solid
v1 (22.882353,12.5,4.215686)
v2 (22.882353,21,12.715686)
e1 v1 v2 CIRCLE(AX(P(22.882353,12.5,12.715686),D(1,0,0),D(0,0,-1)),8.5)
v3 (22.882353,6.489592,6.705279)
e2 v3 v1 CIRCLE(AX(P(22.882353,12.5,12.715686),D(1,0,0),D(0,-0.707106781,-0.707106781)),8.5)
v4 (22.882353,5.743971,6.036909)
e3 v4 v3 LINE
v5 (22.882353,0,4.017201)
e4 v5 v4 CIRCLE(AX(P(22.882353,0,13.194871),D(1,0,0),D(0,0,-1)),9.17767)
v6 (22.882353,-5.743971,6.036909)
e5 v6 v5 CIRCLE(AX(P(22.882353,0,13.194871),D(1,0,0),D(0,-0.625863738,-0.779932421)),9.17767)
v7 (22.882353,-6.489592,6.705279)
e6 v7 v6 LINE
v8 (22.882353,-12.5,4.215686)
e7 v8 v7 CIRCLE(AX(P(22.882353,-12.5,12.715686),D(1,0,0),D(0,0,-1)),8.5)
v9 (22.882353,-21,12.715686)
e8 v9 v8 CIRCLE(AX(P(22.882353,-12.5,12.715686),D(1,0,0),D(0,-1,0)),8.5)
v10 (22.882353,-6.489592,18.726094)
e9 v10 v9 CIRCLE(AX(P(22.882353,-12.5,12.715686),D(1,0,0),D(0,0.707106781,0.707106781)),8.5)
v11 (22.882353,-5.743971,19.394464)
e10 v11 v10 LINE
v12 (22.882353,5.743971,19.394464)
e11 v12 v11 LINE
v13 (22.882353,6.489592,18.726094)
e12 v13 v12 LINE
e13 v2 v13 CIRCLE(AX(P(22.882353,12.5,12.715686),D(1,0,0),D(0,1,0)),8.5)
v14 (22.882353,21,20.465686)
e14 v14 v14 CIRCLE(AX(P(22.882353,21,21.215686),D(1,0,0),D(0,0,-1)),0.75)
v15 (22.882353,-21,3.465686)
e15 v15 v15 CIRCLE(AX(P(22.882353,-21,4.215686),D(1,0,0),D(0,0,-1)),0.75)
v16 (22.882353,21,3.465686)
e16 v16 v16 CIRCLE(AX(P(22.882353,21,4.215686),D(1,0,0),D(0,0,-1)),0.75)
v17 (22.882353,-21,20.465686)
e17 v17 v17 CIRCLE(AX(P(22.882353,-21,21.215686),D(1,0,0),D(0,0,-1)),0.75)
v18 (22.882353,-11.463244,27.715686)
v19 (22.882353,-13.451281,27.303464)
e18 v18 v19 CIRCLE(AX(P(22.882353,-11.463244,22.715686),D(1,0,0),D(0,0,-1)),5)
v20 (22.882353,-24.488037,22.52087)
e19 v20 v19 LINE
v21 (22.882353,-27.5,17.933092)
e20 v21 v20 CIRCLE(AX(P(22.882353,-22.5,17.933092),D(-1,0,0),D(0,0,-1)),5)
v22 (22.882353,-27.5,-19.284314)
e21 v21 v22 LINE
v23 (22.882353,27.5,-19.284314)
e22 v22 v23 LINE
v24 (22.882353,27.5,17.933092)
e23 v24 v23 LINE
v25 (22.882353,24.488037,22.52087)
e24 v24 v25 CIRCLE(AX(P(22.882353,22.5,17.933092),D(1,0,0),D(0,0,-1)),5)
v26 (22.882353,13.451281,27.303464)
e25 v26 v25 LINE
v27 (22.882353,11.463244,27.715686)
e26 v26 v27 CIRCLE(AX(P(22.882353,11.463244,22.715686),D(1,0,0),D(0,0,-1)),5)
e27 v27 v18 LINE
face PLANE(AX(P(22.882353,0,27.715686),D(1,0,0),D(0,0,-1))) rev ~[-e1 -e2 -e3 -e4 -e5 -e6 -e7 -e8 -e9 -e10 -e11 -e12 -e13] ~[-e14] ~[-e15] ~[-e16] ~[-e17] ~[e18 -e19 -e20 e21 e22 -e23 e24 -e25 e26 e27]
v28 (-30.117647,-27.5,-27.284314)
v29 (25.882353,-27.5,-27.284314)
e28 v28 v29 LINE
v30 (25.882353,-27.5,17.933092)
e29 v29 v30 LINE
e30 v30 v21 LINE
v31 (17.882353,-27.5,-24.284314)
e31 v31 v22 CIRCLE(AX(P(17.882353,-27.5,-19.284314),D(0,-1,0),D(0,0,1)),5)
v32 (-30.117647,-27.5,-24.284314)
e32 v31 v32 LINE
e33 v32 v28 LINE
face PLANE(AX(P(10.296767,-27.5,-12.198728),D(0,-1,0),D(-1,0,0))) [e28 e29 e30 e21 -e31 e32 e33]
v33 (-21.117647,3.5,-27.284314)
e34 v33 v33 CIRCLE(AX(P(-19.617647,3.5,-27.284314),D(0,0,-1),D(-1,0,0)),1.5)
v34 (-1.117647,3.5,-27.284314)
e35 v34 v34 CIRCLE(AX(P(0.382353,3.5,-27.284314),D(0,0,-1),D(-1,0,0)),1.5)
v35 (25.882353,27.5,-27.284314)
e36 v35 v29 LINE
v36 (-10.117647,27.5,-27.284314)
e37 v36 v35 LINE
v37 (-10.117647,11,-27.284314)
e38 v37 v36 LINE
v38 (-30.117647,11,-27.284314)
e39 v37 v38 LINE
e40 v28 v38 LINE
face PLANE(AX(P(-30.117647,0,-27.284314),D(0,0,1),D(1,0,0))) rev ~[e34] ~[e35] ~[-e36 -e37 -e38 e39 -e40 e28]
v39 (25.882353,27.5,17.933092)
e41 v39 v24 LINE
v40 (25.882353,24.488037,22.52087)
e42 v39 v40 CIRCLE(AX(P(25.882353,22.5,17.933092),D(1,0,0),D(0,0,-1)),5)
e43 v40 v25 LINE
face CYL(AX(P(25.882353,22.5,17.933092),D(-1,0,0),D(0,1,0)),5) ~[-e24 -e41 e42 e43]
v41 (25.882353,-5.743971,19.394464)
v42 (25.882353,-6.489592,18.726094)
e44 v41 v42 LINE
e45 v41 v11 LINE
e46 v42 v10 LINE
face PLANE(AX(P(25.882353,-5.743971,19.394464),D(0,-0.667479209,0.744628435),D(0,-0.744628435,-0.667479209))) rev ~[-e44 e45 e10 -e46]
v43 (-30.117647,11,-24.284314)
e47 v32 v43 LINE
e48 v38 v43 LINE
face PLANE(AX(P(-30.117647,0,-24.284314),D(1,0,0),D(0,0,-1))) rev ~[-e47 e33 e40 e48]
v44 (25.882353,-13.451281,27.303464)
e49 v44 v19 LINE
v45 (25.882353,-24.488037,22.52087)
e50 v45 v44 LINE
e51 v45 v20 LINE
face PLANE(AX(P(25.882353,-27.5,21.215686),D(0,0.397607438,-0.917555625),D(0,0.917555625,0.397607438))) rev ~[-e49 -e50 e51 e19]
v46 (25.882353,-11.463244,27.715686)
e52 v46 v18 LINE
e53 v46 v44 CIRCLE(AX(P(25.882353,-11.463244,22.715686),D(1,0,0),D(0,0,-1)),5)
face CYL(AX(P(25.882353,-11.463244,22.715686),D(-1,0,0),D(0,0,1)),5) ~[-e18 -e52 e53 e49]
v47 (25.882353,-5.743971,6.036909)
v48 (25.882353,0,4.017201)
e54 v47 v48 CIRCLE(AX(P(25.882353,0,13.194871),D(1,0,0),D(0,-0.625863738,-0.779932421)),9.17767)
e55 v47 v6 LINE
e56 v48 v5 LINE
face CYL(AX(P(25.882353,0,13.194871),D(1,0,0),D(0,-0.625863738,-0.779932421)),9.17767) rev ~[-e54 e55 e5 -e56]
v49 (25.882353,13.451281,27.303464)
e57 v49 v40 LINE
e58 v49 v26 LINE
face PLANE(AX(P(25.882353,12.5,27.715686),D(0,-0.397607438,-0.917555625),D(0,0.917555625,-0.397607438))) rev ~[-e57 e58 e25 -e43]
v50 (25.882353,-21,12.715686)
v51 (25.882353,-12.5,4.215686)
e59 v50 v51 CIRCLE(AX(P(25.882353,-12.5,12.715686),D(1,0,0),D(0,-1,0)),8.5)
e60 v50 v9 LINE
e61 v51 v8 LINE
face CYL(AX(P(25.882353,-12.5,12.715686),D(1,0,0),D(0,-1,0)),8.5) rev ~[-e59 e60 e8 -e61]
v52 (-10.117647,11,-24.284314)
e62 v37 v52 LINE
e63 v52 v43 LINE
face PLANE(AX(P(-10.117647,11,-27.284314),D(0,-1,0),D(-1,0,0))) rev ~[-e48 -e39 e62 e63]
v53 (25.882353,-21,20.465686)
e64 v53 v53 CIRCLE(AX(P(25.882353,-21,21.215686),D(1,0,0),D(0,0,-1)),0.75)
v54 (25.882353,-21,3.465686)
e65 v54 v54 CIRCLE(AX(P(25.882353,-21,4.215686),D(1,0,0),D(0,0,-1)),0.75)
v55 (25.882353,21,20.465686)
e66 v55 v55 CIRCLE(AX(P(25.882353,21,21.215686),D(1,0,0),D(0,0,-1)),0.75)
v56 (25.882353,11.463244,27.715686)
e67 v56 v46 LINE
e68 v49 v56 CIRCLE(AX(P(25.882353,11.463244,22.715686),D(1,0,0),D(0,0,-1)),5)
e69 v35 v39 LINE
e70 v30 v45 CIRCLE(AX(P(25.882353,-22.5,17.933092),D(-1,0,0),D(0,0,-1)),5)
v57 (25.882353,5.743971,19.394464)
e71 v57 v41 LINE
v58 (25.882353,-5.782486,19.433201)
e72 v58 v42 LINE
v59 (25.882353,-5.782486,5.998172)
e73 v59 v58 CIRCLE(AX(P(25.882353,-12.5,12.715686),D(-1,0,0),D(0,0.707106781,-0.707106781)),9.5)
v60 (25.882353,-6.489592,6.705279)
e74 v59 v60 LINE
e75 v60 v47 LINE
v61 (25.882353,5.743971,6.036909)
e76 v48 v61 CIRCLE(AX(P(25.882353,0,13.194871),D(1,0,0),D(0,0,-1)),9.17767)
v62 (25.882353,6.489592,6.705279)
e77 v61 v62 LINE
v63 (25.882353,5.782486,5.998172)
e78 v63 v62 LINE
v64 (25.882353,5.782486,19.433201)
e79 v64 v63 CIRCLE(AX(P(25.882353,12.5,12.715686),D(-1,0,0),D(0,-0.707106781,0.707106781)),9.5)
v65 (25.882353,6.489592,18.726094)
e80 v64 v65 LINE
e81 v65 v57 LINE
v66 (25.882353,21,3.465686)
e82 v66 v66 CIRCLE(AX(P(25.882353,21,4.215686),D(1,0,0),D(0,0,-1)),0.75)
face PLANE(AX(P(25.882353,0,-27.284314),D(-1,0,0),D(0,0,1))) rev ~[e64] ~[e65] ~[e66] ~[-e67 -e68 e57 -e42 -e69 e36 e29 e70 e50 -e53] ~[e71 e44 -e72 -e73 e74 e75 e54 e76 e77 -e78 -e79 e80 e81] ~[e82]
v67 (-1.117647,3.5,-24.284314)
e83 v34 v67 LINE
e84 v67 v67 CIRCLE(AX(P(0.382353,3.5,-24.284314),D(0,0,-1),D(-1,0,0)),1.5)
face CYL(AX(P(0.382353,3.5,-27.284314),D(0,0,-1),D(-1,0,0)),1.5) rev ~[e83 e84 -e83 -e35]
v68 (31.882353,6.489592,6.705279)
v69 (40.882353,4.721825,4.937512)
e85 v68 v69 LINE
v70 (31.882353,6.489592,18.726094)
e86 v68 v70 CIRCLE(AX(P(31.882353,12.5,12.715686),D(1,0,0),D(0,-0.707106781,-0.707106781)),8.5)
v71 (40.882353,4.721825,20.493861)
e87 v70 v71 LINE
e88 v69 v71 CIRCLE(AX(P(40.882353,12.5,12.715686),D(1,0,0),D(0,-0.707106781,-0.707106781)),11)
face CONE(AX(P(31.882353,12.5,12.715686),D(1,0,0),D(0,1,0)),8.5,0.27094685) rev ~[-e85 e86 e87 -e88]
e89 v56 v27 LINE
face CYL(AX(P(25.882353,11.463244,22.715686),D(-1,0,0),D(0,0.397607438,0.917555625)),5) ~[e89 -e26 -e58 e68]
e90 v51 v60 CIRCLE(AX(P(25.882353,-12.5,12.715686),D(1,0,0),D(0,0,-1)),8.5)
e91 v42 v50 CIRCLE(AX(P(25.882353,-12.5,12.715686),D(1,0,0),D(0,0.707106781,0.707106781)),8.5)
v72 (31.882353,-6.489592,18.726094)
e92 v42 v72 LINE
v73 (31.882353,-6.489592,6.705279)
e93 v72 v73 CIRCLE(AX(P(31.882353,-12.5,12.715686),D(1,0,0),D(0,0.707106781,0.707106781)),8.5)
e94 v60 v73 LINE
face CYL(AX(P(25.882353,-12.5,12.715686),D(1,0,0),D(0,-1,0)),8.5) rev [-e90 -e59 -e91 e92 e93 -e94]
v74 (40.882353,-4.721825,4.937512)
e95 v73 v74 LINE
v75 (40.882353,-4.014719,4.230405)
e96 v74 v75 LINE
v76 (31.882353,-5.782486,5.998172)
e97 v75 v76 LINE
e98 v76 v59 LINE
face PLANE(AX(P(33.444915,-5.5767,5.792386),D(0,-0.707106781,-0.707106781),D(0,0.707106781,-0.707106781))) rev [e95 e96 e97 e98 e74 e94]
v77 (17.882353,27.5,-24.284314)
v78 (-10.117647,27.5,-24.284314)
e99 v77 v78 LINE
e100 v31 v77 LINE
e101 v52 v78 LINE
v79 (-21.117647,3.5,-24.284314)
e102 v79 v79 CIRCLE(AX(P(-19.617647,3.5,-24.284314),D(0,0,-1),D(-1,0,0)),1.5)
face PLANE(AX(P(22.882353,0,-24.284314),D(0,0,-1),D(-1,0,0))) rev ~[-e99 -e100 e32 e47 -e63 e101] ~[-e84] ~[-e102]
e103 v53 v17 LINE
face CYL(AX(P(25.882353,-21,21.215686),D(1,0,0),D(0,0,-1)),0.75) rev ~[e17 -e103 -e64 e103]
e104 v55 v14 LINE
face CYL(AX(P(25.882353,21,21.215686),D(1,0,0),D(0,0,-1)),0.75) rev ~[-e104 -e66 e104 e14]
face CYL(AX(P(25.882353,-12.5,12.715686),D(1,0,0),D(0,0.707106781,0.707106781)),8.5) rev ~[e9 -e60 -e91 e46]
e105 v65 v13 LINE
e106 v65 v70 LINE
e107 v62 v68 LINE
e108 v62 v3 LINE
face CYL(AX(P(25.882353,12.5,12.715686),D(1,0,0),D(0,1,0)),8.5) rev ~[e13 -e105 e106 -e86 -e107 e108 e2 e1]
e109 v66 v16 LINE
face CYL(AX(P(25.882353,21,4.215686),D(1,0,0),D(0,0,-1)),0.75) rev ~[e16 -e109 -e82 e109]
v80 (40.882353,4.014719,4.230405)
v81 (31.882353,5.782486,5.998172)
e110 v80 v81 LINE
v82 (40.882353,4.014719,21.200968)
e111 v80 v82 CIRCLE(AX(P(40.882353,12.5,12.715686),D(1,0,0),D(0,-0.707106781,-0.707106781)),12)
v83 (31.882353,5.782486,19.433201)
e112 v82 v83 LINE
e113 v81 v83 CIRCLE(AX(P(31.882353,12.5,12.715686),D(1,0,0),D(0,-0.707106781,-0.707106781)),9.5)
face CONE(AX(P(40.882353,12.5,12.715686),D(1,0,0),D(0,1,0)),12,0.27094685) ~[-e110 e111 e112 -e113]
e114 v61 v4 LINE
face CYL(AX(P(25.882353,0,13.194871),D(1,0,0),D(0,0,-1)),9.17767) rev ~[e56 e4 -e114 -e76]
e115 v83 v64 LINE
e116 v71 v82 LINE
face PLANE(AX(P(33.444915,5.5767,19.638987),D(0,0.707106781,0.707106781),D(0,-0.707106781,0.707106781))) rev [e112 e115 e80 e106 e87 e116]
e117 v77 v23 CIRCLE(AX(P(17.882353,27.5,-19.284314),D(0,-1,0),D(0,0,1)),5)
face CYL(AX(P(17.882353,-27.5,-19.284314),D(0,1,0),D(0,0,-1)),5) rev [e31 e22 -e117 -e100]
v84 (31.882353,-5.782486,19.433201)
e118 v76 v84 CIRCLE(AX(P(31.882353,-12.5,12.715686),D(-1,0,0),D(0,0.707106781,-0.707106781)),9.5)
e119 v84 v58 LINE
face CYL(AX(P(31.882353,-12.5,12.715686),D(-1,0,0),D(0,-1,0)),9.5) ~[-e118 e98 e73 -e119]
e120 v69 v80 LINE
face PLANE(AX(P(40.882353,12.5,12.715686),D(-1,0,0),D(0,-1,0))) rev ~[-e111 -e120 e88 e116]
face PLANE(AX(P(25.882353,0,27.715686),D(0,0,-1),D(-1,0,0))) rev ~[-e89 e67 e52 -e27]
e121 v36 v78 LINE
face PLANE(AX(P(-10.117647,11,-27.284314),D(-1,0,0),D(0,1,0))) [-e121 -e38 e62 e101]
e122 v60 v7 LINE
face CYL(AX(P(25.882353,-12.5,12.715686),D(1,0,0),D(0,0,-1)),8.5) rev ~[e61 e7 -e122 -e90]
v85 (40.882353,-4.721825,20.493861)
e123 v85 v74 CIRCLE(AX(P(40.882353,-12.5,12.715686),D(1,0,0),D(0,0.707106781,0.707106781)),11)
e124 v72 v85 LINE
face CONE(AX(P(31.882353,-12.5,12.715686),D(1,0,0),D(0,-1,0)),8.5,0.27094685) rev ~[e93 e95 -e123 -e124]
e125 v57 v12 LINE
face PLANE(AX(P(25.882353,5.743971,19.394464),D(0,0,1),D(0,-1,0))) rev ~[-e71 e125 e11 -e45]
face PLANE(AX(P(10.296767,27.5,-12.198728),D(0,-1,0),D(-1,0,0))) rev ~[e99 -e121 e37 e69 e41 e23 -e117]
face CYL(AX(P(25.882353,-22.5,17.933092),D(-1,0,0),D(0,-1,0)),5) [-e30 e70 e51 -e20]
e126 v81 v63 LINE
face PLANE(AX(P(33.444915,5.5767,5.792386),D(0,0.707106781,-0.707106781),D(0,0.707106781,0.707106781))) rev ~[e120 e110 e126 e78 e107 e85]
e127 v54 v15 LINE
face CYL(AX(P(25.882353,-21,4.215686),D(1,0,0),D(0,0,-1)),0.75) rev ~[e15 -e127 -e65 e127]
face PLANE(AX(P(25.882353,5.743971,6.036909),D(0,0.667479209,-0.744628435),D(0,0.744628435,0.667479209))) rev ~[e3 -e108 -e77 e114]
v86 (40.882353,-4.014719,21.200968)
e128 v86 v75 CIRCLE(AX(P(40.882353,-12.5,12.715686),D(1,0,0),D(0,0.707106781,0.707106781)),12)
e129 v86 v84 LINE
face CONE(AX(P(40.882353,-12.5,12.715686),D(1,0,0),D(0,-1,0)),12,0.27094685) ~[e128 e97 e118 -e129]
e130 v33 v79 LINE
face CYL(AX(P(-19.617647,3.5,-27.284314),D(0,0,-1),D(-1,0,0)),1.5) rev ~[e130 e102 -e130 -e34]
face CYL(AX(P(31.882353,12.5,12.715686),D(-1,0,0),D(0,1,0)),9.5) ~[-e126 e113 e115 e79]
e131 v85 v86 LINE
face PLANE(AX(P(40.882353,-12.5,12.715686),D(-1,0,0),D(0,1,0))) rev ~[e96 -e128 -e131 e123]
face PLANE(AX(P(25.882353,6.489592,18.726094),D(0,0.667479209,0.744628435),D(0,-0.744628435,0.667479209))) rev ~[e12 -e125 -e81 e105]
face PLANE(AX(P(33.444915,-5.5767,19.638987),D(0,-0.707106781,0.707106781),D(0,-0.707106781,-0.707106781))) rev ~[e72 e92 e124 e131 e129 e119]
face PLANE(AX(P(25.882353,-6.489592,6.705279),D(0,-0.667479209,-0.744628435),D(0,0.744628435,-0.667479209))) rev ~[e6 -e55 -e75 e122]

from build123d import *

# Parameters (mm, degrees)
EXTRUDE_1_DEPTH       = 27.5
SKETCH_3_R            = 0.75
CUT_EXTRUDE_3_DEPTH   = 3
REVOLVE_1_ANGLE       = 135
MIRROR_3_COPY_1_ANGLE = 135
MIRROR_3_COPY_2_ANGLE = 135
SKETCH_2_W            = 20
SKETCH_2_H            = 16.5
SKETCH_2_R            = 1.5
CUT_EXTRUDE_4_DEPTH   = 3
FILLET_1_R            = 5
FILLET_2_R            = 5


with BuildPart() as part:
    # 草图1 → 凸台-拉伸1 (new, symmetric)
    with BuildSketch(Plane(origin=(0, 0, 0), x_dir=(1, 0, 0), z_dir=(0, 1, 0))):
        Polygon((-30.117647059, 27.284313725), (25.882352941, 27.284313725), (25.882352941, -27.715686275), (22.882352941, -27.715686275), (22.882352941, 24.284313725), (-30.117647059, 24.284313725), align=None)
    extrude(amount=EXTRUDE_1_DEPTH, both=True)

    # 草图3 → 切除-拉伸3 (cut)
    with BuildSketch(Plane(origin=(25.882352941, 0, 0), x_dir=(0, 0, -1), z_dir=(1, 0, 0))):
        with BuildLine():
            Line((-12.715686275, 12.5), (-6.705278634, 6.48959236))
            ThreePointArc((-6.705278634, 6.48959236), (-4.862710248, 9.247190825), (-4.215686275, 12.5))
            ThreePointArc((-4.215686275, 12.5), (-6.705278634, 18.51040764), (-12.715686275, 21))
            Line((-12.715686275, 21), (-12.715686275, 12.5))
        make_face()
        with BuildLine():
            ThreePointArc((-12.715686275, 4), (-9.462877099, 4.647023974), (-6.705278634, 6.48959236))
            Line((-6.705278634, 6.48959236), (-12.715686275, 12.5))
            Line((-12.715686275, 12.5), (-12.715686275, 4))
        make_face()
        with BuildLine():
            Line((-12.715686275, 12.5), (-18.726093915, 6.48959236))
            ThreePointArc((-18.726093915, 6.48959236), (-15.96849545, 4.647023974), (-12.715686275, 4))
            Line((-12.715686275, 4), (-12.715686275, 12.5))
        make_face()
        with BuildLine():
            ThreePointArc((-12.715686275, 21), (-20.568662301, 15.752809175), (-18.726093915, 6.48959236))
            Line((-18.726093915, 6.48959236), (-12.715686275, 12.5))
            Line((-12.715686275, 12.5), (-12.715686275, 21))
        make_face()
        with BuildLine():
            Line((-12.715686275, 3), (-12.715686275, 0))
            Line((-12.715686275, 0), (-4.017201465, 0))
            ThreePointArc((-4.017201465, 0), (-4.536839235, 3.044356098), (-6.036908978, 5.743970558))
            ThreePointArc((-6.036908978, 5.743970558), (-9.105442495, 3.712728532), (-12.715686275, 3))
        make_face()
        with BuildLine():
            Line((-4.017201465, 0), (-12.715686275, 0))
            Line((-12.715686275, 0), (-12.715686275, -3))
            ThreePointArc((-12.715686275, -3), (-9.105442495, -3.712728532), (-6.036908978, -5.743970558))
            ThreePointArc((-6.036908978, -5.743970558), (-4.536839235, -3.044356098), (-4.017201465, 0))
        make_face()
        with BuildLine():
            Line((-19.394463571, 5.743970558), (-19.394463571, 0))
            Line((-19.394463571, 0), (-12.715686275, 0))
            Line((-12.715686275, 0), (-12.715686275, 3))
            ThreePointArc((-12.715686275, 3), (-16.325930054, 3.712728532), (-19.394463571, 5.743970558))
        make_face()
        with BuildLine():
            Line((-12.715686275, 0), (-19.394463571, 0))
            Line((-19.394463571, 0), (-19.394463571, -5.743970558))
            ThreePointArc((-19.394463571, -5.743970558), (-16.325930054, -3.712728532), (-12.715686275, -3))
            Line((-12.715686275, -3), (-12.715686275, 0))
        make_face()
        with BuildLine():
            Line((-6.705278634, -6.48959236), (-12.715686275, -12.5))
            Line((-12.715686275, -12.5), (-12.715686275, -21))
            ThreePointArc((-12.715686275, -21), (-6.705278634, -18.51040764), (-4.215686275, -12.5))
            ThreePointArc((-4.215686275, -12.5), (-4.862710248, -9.247190825), (-6.705278634, -6.48959236))
        make_face()
        with BuildLine():
            Line((-12.715686275, -4), (-12.715686275, -12.5))
            Line((-12.715686275, -12.5), (-6.705278634, -6.48959236))
            ThreePointArc((-6.705278634, -6.48959236), (-9.462877099, -4.647023974), (-12.715686275, -4))
        make_face()
        with BuildLine():
            ThreePointArc((-12.715686275, -4), (-15.96849545, -4.647023974), (-18.726093915, -6.48959236))
            Line((-18.726093915, -6.48959236), (-12.715686275, -12.5))
            Line((-12.715686275, -12.5), (-12.715686275, -4))
        make_face()
        with BuildLine():
            Line((-12.715686275, -12.5), (-18.726093915, -6.48959236))
            ThreePointArc((-18.726093915, -6.48959236), (-20.568662301, -15.752809175), (-12.715686275, -21))
            Line((-12.715686275, -21), (-12.715686275, -12.5))
        make_face()
        with Locations((-21.215686275, -21)):
            Circle(SKETCH_3_R)
        with Locations((-4.215686275, -21)):
            Circle(SKETCH_3_R)
        with Locations((-21.215686275, 21)):
            Circle(SKETCH_3_R)
        with Locations((-4.215686275, 21)):
            Circle(SKETCH_3_R)
        with BuildLine():
            ThreePointArc((-12.715686275, -3), (-16.325930054, -3.712728532), (-19.394463571, -5.743970558))
            Line((-19.394463571, -5.743970558), (-18.726093915, -6.48959236))
            ThreePointArc((-18.726093915, -6.48959236), (-15.96849545, -4.647023974), (-12.715686275, -4))
            ThreePointArc((-12.715686275, -4), (-9.462877099, -4.647023974), (-6.705278634, -6.48959236))
            Line((-6.705278634, -6.48959236), (-6.036908978, -5.743970558))
            ThreePointArc((-6.036908978, -5.743970558), (-9.105442495, -3.712728532), (-12.715686275, -3))
        make_face()
        with BuildLine():
            Line((-18.726093915, 6.48959236), (-19.394463571, 5.743970558))
            ThreePointArc((-19.394463571, 5.743970558), (-16.325930054, 3.712728532), (-12.715686275, 3))
            ThreePointArc((-12.715686275, 3), (-9.105442495, 3.712728532), (-6.036908978, 5.743970558))
            Line((-6.036908978, 5.743970558), (-6.705278634, 6.48959236))
            ThreePointArc((-6.705278634, 6.48959236), (-9.462877099, 4.647023974), (-12.715686275, 4))
            ThreePointArc((-12.715686275, 4), (-15.96849545, 4.647023974), (-18.726093915, 6.48959236))
        make_face()
        Polygon((-21.215686275, 27.5), (-23.783279652, 27.5), (-27.715686275, 27.5), (-27.715686275, 23.567593377), (-27.715686275, 20.249825378), (-27.715686275, 12.5), align=None)
        Polygon((-21.215686275, -27.5), (-27.715686275, -12.5), (-27.715686275, -20.249825378), (-27.715686275, -23.567593377), (-27.715686275, -27.5), (-23.783279652, -27.5), align=None)
    extrude(amount=-CUT_EXTRUDE_3_DEPTH, mode=Mode.SUBTRACT)

    # 草图5 → 旋转1 (revolve)
    with BuildSketch(Plane(origin=(0, 0, 12.715686275), x_dir=(0, -1, 0), z_dir=(0, 0, 1))):
        Polygon((-22, 25.882352941), (-21, 25.882352941), (-21, 31.882352941), (-23.5, 40.882352941), (-24.5, 40.882352941), (-22, 31.882352941), align=None)
    revolve_1 = revolve(axis=Axis((32.882352941, 12.5, 12.715686275), (-1, 0, 0)), revolution_arc=REVOLVE_1_ANGLE)

    # 镜向1: 旋转1 across plane
    add(revolve_1.mirror(Plane.ZX))

    # 镜向2: 旋转1 across plane
    add(revolve_1.mirror(Plane.XY.offset(12.715686275)))

    # 镜向3 copy 1 sketch → 镜向3 copy 1 (revolve)
    with BuildSketch(Plane.YX.offset(-12.715686275)):
        Polygon((-22, 25.882352941), (-21, 25.882352941), (-21, 31.882352941), (-23.5, 40.882352941), (-24.5, 40.882352941), (-22, 31.882352941), align=None)
    revolve(axis=Axis((32.882352941, -12.5, 12.715686275), (-1, 0, 0)), revolution_arc=MIRROR_3_COPY_1_ANGLE)

    # 镜向3 copy 2 sketch → 镜向3 copy 2 (revolve)
    with BuildSketch(Plane(origin=(0, 0, 12.715686275), x_dir=(0, -1, 0), z_dir=(0, 0, -1))):
        Polygon((-22, -25.882352941), (-21, -25.882352941), (-21, -31.882352941), (-23.5, -40.882352941), (-24.5, -40.882352941), (-22, -31.882352941), align=None)
    revolve(axis=Axis((32.882352941, 12.5, 12.715686275), (1, 0, 0)), revolution_arc=MIRROR_3_COPY_2_ANGLE)

    # 草图2 → 切除-拉伸4 (cut)
    with BuildSketch(Plane(origin=(0, 0, -27.284313725), x_dir=(-1, 0, 0), z_dir=(0, 0, -1))):
        with Locations((20.117647059, 19.25)):
            Rectangle(SKETCH_2_W, SKETCH_2_H)
        with Locations((-0.382352941, 3.5)):
            Circle(SKETCH_2_R)
        with Locations((19.617647059, 3.5)):
            Circle(SKETCH_2_R)
    extrude(amount=-CUT_EXTRUDE_4_DEPTH, mode=Mode.SUBTRACT)

    # 圆角1
    fillet_1_edges = [part.edges().sort_by_distance(p)[0] for p in [
        (22.882352941, 0, -24.284313725),
    ]]
    fillet(fillet_1_edges, radius=FILLET_1_R)

    # 圆角2
    fillet_2_edges = [part.edges().sort_by_distance(p)[0] for p in [
        (24.382352941, 12.5, 27.715686275),
        (24.382352941, 27.5, 21.215686275),
        (24.382352941, -12.5, 27.715686275),
        (24.382352941, -27.5, 21.215686275),
    ]]
    fillet(fillet_2_edges, radius=FILLET_2_R)


solid = part.part
